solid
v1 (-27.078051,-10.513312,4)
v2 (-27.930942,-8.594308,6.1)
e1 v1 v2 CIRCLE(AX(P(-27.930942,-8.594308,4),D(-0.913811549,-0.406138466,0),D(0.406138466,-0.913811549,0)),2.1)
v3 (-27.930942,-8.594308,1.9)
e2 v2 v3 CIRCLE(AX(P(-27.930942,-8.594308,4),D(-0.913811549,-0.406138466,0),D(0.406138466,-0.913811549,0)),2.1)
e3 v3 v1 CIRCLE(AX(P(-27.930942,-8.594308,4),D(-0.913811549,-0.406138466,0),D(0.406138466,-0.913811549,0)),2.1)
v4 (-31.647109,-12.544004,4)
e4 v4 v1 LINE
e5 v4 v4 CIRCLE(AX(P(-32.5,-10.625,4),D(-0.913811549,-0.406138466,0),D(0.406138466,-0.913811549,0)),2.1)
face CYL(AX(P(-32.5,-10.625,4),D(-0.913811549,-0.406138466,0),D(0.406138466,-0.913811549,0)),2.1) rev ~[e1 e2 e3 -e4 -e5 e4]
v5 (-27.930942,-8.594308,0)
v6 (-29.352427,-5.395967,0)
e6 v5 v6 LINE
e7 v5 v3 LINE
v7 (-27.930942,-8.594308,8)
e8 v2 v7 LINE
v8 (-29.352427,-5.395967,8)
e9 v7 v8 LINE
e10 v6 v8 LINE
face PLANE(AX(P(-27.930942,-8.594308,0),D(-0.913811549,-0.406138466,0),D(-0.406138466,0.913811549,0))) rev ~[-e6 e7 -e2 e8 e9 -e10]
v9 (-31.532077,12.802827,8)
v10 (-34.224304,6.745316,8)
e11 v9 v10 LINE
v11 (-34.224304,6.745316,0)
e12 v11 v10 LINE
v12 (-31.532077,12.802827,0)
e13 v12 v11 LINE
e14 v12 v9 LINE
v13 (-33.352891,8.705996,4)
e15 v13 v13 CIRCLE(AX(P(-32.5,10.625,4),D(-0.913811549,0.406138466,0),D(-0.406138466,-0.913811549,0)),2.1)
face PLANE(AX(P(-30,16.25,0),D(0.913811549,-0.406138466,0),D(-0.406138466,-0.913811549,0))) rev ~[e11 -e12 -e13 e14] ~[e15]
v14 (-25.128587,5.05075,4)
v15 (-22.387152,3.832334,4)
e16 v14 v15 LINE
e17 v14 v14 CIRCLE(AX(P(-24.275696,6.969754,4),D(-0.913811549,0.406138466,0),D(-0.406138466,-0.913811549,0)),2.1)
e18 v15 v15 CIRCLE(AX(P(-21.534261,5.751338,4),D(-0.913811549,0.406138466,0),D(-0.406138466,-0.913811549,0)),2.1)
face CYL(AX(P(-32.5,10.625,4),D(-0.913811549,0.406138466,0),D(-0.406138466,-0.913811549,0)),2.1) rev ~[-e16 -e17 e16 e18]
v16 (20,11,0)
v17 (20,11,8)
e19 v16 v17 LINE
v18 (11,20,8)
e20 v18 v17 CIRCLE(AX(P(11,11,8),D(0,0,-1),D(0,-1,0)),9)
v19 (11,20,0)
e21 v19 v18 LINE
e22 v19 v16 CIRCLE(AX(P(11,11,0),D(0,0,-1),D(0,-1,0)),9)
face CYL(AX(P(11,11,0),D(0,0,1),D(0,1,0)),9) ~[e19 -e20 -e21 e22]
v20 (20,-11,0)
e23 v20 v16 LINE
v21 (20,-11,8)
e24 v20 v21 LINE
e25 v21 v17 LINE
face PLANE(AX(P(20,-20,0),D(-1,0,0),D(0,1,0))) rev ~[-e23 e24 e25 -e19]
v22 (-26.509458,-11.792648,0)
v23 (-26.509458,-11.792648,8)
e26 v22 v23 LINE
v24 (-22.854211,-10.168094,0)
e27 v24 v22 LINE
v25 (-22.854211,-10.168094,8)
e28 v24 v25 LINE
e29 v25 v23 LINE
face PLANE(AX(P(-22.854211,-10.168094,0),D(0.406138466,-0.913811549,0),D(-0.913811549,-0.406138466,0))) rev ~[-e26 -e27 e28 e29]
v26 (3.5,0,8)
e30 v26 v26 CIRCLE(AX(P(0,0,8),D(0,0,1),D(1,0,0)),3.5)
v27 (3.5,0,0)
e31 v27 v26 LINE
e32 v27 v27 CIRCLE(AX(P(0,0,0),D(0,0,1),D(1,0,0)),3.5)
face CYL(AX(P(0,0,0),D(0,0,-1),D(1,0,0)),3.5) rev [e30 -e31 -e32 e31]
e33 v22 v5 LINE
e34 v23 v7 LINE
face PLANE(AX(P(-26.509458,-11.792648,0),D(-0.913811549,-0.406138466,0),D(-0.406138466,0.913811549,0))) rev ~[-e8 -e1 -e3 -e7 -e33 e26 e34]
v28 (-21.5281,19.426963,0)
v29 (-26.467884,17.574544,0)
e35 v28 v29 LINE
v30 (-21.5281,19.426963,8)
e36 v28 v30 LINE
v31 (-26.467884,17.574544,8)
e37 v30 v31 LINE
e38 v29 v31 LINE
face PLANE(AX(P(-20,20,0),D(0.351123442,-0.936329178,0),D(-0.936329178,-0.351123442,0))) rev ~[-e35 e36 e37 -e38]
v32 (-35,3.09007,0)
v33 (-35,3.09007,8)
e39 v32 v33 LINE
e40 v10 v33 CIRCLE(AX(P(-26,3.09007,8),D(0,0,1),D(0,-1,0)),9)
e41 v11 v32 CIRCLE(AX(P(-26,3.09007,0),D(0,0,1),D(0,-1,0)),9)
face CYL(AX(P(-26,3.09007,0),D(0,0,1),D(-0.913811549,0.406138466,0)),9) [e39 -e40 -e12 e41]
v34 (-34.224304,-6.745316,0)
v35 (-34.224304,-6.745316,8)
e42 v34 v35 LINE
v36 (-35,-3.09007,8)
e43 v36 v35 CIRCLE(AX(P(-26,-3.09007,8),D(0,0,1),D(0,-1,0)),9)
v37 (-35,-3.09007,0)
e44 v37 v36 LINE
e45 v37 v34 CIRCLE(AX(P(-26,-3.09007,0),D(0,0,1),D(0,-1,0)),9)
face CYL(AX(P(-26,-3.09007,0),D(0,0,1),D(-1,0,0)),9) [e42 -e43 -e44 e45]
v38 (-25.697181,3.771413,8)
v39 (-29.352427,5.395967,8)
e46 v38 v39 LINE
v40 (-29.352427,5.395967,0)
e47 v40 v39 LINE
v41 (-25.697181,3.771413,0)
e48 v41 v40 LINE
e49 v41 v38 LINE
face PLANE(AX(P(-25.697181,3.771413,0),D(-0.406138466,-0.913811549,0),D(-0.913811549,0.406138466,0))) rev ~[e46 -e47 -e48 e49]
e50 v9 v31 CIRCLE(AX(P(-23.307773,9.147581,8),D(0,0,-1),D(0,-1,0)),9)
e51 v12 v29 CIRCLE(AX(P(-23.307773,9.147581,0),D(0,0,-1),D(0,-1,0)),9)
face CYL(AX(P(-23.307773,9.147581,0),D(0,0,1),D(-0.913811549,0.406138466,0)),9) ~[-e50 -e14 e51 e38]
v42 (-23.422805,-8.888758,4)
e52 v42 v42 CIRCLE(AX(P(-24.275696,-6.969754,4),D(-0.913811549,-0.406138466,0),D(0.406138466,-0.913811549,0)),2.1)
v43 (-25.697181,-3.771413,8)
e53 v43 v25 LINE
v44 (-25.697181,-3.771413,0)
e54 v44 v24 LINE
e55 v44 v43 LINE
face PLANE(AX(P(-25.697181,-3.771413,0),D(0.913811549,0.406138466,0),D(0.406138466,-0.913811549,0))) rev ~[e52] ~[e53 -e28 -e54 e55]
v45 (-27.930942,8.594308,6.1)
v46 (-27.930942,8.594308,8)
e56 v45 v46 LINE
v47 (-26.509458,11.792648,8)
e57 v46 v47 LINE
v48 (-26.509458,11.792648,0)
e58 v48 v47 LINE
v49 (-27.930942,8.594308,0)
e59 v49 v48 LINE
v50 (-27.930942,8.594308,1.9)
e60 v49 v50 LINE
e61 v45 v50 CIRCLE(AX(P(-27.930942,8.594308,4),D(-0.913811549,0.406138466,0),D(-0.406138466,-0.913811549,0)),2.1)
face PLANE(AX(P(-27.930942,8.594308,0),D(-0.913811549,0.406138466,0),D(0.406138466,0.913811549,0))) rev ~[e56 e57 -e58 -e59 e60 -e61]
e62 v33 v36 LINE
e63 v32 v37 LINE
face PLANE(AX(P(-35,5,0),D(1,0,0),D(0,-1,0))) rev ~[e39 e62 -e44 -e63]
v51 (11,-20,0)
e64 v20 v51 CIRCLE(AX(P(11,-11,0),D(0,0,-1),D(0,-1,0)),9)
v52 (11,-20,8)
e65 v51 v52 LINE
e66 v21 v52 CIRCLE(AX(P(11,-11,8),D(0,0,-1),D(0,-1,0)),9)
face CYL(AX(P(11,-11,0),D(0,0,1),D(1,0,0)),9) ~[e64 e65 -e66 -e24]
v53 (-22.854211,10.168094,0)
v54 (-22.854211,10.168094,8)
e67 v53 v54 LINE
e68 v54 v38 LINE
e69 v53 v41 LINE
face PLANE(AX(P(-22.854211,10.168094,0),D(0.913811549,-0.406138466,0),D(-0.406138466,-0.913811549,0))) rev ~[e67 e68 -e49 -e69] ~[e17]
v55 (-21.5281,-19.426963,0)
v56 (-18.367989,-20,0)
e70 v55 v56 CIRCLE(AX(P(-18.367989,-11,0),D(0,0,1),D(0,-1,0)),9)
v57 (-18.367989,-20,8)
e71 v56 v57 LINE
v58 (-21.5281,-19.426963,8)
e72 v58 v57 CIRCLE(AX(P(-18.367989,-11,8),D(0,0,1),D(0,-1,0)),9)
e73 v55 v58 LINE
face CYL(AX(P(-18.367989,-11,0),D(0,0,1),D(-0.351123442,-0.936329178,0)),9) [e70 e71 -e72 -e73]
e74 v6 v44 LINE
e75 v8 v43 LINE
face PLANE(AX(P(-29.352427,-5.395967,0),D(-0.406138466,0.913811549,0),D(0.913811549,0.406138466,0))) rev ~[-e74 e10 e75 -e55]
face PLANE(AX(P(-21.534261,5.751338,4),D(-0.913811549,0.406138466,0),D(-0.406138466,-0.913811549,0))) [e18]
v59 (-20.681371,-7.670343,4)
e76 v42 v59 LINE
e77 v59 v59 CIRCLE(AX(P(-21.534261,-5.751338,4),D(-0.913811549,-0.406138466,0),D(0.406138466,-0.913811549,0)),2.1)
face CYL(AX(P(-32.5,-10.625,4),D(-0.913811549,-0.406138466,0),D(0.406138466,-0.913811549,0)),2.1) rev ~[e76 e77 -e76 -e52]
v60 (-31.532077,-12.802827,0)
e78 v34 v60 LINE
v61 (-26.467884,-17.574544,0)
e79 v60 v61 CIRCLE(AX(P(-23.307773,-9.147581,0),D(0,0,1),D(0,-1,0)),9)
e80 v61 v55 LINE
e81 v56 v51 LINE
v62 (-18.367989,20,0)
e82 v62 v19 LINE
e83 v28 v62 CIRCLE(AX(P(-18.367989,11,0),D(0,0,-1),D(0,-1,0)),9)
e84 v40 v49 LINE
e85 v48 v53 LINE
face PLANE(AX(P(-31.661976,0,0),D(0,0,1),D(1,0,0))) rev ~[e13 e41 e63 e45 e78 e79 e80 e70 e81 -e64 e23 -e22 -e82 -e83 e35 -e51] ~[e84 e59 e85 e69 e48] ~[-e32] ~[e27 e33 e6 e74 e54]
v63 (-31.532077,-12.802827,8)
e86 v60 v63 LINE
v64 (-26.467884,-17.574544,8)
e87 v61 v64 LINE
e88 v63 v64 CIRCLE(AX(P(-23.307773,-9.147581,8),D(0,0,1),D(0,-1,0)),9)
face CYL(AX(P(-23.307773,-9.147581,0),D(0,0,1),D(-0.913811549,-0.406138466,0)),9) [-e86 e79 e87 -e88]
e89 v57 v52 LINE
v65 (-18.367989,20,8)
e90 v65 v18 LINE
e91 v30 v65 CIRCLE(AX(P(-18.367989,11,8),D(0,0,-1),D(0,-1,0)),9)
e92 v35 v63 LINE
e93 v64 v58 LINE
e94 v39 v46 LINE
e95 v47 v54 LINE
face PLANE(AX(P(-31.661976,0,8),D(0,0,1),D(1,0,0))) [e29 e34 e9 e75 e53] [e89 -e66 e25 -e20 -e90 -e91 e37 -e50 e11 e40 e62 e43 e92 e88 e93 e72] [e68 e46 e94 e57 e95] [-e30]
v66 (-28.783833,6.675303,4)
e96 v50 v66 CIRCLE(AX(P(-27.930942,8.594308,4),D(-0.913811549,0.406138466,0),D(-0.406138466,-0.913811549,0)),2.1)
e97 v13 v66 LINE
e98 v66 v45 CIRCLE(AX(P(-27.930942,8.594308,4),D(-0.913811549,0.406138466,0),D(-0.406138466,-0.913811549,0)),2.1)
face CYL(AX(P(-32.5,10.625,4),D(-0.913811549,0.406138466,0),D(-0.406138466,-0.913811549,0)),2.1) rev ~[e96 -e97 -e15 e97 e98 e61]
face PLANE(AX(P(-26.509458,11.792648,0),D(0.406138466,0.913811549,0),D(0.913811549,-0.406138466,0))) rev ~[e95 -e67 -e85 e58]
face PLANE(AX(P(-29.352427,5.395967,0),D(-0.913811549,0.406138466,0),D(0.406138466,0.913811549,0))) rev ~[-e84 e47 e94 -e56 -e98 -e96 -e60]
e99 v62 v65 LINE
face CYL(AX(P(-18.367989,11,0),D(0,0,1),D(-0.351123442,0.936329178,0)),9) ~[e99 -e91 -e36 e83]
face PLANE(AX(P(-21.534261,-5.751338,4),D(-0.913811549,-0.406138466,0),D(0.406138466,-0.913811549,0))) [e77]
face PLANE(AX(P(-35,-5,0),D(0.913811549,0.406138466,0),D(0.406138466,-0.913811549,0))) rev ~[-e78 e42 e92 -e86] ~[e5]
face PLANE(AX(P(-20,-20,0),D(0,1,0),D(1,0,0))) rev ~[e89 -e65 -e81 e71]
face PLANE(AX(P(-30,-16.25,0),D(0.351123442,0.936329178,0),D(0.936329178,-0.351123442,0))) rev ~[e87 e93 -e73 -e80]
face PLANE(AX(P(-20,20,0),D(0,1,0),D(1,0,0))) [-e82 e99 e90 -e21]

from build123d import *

# Parameters (mm, degrees)
F0_W     = 40
F0_H     = 40
F0_R     = 3.5
F1_DEPTH = 8
F2_R     = 2.1
F3_DEPTH = 12
F4_R     = 2.1
F5_DEPTH = 12
F6_R     = 9


with BuildPart() as f1:
    # F0 (on Top) → F1 (new body)
    with BuildSketch(Plane.XY):
        Polygon((-30, 0), (-30, 16.25), (-35, 5), (-35, 0), (-35, -5), (-30, -16.25), align=None)
        Polygon((-20, -20), (-20, 20), (-30, 16.25), (-30, 0), (-30, -16.25), align=None)
        Polygon((-26.5094576257, -11.7926480899), (-27.9309422569, -8.5943076697), (-29.3524268881, -5.3959672496), (-25.6971806936, -3.7714133853), (-22.8542114312, -10.1680942257), align=None, mode=Mode.SUBTRACT)
        Polygon((-29.3524268881, 5.3959672496), (-27.9309422569, 8.5943076697), (-26.5094576257, 11.7926480899), (-22.8542114312, 10.1680942257), (-25.6971806936, 3.7714133853), align=None, mode=Mode.SUBTRACT)
        Rectangle(F0_W, F0_H)
        Circle(F0_R, mode=Mode.SUBTRACT)
    extrude(amount=F1_DEPTH)

    # F2 (on face) → F3 (cut)
    with BuildSketch(Plane(origin=(-31.0824742268, 13.8144329897, 0), x_dir=(-0.4061384661, -0.9138115486, 0), z_dir=(-0.9138115486, 0.4061384661, 0))):
        with Locations((3.4902524426, 4)):
            Circle(F2_R)
    extrude(amount=-F3_DEPTH, mode=Mode.SUBTRACT)

    # F4 (on face) → F5 (cut)
    with BuildSketch(Plane(origin=(-31.0824742268, -13.8144329897, 0), x_dir=(0.4061384661, -0.9138115486, 0), z_dir=(-0.9138115486, -0.4061384661, 0))):
        with Locations((-3.4902524426, 4)):
            Circle(F4_R)
    extrude(amount=-F5_DEPTH, mode=Mode.SUBTRACT)

    # F6
    f6_edges = [f1.edges().sort_by_distance(p)[0] for p in [
        (20, -20, 4),
        (20, 20, 4),
        (-20, -20, 4),
        (-30, -16.25, 4),
        (-35, -5, 4),
        (-35, 5, 4),
        (-30, 16.25, 4),
        (-20, 20, 4),
    ]]
    fillet(f6_edges, radius=F6_R)


solid = f1.part
